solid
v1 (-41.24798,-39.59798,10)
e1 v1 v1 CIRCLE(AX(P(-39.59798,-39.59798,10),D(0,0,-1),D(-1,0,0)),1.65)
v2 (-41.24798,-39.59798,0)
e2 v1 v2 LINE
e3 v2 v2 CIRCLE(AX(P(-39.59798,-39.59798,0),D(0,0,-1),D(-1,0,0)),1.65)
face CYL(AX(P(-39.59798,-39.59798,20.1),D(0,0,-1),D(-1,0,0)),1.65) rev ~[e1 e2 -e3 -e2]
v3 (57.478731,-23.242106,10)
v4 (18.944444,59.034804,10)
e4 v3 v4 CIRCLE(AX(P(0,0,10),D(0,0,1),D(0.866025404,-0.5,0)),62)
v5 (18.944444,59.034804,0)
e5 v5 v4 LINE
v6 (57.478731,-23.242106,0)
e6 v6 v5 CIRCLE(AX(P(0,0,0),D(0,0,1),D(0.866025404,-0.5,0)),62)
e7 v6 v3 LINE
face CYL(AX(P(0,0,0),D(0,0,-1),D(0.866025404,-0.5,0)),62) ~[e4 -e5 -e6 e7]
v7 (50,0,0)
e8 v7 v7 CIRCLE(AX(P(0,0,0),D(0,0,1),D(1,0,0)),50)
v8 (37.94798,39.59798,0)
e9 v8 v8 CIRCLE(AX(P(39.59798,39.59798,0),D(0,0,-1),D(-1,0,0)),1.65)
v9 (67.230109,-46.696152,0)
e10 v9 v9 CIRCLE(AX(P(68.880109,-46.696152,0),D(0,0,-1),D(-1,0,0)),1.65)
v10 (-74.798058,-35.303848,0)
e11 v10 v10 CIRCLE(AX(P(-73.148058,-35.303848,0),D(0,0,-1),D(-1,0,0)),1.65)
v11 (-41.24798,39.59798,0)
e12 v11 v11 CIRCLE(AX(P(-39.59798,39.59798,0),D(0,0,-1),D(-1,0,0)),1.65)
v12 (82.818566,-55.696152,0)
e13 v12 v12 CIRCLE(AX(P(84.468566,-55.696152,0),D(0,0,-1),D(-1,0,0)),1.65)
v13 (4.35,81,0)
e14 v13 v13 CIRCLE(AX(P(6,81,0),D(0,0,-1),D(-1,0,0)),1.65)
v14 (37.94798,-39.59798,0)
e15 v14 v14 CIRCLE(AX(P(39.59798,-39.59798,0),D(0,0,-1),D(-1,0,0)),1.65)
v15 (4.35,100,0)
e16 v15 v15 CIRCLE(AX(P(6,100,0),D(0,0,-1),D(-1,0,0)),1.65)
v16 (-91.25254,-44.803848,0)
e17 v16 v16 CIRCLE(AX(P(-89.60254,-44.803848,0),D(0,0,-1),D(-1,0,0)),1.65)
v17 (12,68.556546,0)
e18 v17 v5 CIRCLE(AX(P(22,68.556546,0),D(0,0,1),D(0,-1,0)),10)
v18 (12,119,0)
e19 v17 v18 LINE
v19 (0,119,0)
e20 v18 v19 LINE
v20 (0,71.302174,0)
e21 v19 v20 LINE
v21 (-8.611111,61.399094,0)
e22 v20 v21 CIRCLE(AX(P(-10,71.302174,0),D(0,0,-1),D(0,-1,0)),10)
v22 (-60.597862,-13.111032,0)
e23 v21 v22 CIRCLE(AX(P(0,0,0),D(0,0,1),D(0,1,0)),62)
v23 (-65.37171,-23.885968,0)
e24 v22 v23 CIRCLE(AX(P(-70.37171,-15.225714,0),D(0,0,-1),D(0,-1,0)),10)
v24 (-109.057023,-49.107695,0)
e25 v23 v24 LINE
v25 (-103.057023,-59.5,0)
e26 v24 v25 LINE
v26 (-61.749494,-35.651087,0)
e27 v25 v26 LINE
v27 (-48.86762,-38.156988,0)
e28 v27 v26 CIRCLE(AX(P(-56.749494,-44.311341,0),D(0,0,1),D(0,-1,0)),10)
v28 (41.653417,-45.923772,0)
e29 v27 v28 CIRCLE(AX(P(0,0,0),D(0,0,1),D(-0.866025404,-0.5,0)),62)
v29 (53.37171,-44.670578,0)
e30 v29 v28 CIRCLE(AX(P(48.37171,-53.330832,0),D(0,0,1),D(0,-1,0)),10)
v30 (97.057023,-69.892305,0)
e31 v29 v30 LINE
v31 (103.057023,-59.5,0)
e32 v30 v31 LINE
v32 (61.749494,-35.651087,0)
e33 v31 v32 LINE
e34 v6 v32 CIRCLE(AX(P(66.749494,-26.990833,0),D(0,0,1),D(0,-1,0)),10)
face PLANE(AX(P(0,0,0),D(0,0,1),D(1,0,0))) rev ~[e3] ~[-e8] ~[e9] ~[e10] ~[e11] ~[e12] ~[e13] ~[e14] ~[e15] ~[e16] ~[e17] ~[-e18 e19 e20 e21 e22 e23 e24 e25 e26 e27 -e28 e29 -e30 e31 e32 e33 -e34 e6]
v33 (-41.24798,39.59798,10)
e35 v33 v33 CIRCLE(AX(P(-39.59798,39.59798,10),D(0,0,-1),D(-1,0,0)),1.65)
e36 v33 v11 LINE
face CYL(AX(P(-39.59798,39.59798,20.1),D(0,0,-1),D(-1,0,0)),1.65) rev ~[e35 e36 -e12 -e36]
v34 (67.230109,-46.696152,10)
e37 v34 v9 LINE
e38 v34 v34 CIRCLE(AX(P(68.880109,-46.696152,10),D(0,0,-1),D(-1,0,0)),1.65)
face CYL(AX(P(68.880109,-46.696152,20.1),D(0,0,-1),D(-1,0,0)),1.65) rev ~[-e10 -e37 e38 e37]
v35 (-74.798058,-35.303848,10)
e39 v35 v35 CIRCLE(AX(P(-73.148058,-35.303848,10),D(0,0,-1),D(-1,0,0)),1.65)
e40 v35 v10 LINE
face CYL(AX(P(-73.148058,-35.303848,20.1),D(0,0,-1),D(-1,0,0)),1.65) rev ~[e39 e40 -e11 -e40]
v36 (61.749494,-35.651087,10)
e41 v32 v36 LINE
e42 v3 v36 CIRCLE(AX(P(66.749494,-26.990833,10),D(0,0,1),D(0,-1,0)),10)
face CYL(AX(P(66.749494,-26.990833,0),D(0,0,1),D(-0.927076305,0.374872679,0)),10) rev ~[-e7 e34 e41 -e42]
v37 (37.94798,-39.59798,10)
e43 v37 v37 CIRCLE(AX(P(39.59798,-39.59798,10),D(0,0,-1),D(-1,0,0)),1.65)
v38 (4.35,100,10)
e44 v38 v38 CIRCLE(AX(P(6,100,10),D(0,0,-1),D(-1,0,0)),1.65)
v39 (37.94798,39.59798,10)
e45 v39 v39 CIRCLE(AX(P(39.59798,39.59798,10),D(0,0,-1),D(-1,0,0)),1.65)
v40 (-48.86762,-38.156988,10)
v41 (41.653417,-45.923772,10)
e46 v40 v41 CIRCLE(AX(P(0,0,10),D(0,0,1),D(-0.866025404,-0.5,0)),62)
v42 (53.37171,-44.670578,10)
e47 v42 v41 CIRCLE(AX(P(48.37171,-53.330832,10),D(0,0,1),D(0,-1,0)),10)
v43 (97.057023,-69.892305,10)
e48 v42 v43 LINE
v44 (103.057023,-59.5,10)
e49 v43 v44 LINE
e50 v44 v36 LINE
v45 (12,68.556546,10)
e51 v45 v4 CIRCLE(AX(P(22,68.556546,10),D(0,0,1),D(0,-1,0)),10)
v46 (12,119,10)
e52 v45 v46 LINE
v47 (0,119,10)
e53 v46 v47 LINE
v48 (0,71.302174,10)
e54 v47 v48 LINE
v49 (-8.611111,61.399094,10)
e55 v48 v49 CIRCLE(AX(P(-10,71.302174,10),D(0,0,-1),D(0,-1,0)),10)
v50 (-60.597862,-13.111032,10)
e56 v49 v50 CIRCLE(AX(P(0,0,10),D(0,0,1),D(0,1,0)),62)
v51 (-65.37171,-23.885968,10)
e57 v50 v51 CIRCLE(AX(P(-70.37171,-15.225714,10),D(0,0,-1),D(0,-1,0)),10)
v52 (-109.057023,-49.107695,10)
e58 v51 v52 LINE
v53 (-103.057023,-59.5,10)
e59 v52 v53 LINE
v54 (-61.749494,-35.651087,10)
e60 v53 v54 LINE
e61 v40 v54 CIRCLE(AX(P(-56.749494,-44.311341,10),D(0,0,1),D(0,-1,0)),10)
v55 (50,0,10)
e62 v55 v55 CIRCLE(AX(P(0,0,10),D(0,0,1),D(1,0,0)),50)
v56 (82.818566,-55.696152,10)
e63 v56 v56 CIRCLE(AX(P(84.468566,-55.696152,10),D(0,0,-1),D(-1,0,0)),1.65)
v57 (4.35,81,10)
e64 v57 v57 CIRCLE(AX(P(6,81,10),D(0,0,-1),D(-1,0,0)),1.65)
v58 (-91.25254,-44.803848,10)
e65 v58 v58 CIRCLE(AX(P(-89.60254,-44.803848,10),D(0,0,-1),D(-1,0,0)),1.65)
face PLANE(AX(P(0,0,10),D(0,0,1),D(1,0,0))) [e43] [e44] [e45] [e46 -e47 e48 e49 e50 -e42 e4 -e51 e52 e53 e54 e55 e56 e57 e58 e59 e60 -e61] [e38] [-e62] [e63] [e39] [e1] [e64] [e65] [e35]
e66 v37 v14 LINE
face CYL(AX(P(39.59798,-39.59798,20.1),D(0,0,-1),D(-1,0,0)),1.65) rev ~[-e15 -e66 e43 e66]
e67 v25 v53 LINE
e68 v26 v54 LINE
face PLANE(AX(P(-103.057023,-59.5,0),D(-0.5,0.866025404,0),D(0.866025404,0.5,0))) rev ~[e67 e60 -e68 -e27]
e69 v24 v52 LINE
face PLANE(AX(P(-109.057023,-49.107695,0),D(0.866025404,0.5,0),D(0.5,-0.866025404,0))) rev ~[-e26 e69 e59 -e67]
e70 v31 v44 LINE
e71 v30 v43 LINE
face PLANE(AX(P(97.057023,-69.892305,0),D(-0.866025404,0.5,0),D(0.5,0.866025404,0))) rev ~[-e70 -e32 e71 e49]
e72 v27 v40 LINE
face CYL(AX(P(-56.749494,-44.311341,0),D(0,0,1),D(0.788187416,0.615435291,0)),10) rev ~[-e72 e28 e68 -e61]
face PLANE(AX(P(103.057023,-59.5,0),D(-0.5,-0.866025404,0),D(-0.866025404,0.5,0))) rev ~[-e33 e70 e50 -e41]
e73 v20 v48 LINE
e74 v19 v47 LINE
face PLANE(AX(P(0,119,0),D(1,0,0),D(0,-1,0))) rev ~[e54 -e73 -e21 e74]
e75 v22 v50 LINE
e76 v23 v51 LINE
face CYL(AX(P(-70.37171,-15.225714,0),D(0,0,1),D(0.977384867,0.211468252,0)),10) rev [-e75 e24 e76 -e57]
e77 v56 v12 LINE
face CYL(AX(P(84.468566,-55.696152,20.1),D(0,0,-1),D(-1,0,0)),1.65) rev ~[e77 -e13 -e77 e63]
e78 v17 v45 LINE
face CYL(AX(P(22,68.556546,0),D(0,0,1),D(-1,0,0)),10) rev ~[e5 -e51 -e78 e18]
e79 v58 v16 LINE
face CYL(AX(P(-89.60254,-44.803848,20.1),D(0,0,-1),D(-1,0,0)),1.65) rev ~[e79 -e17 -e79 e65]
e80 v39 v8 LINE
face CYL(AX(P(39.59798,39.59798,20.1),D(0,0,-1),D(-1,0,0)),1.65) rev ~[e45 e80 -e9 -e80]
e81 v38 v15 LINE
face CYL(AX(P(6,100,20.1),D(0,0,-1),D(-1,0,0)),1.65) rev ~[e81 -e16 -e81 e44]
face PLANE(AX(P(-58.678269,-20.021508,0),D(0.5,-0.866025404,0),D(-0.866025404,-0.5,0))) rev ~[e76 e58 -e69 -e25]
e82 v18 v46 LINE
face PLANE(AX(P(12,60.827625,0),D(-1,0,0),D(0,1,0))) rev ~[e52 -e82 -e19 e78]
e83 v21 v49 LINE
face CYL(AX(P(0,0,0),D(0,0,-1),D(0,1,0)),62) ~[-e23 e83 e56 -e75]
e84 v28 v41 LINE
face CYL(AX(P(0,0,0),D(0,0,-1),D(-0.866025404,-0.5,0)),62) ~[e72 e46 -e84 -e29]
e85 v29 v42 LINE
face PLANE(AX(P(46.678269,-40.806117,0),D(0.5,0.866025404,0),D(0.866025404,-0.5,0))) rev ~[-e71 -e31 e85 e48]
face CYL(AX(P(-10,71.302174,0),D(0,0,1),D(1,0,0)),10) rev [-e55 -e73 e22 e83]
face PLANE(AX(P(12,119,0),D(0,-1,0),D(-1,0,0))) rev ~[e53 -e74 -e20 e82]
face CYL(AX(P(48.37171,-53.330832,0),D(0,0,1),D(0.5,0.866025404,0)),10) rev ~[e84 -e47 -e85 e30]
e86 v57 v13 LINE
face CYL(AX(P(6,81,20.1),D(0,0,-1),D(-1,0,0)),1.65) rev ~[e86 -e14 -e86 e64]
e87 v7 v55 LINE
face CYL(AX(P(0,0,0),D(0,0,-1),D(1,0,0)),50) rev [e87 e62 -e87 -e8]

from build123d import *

# Parameters (mm, degrees)
SKETCH_1_R             = 50
EXTRUDE_1_DEPTH        = 10
HOLE_WIZARD_M4_1_D     = 3.3
HOLE_WIZARD_M4_1_DEPTH = 10.1
HOLE_WIZARD_M4_1_TIP   = 0.991420021
FILLET_1_R             = 10


with BuildPart() as part:
    # 草图1 → 凸台-拉伸1 (new body)
    with BuildSketch(Plane.XY):
        with BuildLine():
            Line((12, 60.827625303), (12, 119))
            Line((12, 119), (0, 119))
            Line((0, 119), (0, 62))
            ThreePointArc((0, 62), (-50.42486234, 36.073996979), (-58.678268764, -20.021507806))
            Line((-58.678268764, -20.021507806), (-109.05702305, -49.107695155))
            Line((-109.05702305, -49.107695155), (-103.05702305, -59.5))
            Line((-103.05702305, -59.5), (-53.693575035, -31))
            ThreePointArc((-53.693575035, -31), (-6.02856663, -61.706210258), (46.678268764, -40.806117497))
            Line((46.678268764, -40.806117497), (97.05702305, -69.892304845))
            Line((97.05702305, -69.892304845), (103.05702305, -59.5))
            Line((103.05702305, -59.5), (53.693575035, -31))
            ThreePointArc((53.693575035, -31), (56.453428969, 25.632213279), (12, 60.827625303))
        make_face()
        Circle(SKETCH_1_R, mode=Mode.SUBTRACT)
    extrude(amount=EXTRUDE_1_DEPTH)

    # M4 螺纹孔1
    with Locations(Plane.XY.offset(10)):
        with Locations((-39.597979746, 39.597979746), (-39.597979746, -39.597979746), (39.597979746, -39.597979746), (39.597979746, 39.597979746), (-89.602540378, -44.803847577), (-73.148057707, -35.303847577), (84.468565782, -55.696152423), (68.880108514, -46.696152423), (6, 81), (6, 100)):
            Hole(HOLE_WIZARD_M4_1_D / 2, depth=HOLE_WIZARD_M4_1_DEPTH)
            with Locations((0, 0, -(HOLE_WIZARD_M4_1_DEPTH + HOLE_WIZARD_M4_1_TIP / 2))):  # 118° drill point
                Cone(0, HOLE_WIZARD_M4_1_D / 2, HOLE_WIZARD_M4_1_TIP, mode=Mode.SUBTRACT)

    # 圆角1
    fillet_1_edges = [part.edges().sort_by_distance(p)[0] for p in [
        (-58.678268764, -20.021507806, 5),
        (0, 62, 5),
        (12, 60.827625303, 5),
        (53.693575035, -31, 5),
        (46.678268764, -40.806117497, 5),
        (-53.693575035, -31, 5),
    ]]
    fillet(fillet_1_edges, radius=FILLET_1_R)


solid = part.part
